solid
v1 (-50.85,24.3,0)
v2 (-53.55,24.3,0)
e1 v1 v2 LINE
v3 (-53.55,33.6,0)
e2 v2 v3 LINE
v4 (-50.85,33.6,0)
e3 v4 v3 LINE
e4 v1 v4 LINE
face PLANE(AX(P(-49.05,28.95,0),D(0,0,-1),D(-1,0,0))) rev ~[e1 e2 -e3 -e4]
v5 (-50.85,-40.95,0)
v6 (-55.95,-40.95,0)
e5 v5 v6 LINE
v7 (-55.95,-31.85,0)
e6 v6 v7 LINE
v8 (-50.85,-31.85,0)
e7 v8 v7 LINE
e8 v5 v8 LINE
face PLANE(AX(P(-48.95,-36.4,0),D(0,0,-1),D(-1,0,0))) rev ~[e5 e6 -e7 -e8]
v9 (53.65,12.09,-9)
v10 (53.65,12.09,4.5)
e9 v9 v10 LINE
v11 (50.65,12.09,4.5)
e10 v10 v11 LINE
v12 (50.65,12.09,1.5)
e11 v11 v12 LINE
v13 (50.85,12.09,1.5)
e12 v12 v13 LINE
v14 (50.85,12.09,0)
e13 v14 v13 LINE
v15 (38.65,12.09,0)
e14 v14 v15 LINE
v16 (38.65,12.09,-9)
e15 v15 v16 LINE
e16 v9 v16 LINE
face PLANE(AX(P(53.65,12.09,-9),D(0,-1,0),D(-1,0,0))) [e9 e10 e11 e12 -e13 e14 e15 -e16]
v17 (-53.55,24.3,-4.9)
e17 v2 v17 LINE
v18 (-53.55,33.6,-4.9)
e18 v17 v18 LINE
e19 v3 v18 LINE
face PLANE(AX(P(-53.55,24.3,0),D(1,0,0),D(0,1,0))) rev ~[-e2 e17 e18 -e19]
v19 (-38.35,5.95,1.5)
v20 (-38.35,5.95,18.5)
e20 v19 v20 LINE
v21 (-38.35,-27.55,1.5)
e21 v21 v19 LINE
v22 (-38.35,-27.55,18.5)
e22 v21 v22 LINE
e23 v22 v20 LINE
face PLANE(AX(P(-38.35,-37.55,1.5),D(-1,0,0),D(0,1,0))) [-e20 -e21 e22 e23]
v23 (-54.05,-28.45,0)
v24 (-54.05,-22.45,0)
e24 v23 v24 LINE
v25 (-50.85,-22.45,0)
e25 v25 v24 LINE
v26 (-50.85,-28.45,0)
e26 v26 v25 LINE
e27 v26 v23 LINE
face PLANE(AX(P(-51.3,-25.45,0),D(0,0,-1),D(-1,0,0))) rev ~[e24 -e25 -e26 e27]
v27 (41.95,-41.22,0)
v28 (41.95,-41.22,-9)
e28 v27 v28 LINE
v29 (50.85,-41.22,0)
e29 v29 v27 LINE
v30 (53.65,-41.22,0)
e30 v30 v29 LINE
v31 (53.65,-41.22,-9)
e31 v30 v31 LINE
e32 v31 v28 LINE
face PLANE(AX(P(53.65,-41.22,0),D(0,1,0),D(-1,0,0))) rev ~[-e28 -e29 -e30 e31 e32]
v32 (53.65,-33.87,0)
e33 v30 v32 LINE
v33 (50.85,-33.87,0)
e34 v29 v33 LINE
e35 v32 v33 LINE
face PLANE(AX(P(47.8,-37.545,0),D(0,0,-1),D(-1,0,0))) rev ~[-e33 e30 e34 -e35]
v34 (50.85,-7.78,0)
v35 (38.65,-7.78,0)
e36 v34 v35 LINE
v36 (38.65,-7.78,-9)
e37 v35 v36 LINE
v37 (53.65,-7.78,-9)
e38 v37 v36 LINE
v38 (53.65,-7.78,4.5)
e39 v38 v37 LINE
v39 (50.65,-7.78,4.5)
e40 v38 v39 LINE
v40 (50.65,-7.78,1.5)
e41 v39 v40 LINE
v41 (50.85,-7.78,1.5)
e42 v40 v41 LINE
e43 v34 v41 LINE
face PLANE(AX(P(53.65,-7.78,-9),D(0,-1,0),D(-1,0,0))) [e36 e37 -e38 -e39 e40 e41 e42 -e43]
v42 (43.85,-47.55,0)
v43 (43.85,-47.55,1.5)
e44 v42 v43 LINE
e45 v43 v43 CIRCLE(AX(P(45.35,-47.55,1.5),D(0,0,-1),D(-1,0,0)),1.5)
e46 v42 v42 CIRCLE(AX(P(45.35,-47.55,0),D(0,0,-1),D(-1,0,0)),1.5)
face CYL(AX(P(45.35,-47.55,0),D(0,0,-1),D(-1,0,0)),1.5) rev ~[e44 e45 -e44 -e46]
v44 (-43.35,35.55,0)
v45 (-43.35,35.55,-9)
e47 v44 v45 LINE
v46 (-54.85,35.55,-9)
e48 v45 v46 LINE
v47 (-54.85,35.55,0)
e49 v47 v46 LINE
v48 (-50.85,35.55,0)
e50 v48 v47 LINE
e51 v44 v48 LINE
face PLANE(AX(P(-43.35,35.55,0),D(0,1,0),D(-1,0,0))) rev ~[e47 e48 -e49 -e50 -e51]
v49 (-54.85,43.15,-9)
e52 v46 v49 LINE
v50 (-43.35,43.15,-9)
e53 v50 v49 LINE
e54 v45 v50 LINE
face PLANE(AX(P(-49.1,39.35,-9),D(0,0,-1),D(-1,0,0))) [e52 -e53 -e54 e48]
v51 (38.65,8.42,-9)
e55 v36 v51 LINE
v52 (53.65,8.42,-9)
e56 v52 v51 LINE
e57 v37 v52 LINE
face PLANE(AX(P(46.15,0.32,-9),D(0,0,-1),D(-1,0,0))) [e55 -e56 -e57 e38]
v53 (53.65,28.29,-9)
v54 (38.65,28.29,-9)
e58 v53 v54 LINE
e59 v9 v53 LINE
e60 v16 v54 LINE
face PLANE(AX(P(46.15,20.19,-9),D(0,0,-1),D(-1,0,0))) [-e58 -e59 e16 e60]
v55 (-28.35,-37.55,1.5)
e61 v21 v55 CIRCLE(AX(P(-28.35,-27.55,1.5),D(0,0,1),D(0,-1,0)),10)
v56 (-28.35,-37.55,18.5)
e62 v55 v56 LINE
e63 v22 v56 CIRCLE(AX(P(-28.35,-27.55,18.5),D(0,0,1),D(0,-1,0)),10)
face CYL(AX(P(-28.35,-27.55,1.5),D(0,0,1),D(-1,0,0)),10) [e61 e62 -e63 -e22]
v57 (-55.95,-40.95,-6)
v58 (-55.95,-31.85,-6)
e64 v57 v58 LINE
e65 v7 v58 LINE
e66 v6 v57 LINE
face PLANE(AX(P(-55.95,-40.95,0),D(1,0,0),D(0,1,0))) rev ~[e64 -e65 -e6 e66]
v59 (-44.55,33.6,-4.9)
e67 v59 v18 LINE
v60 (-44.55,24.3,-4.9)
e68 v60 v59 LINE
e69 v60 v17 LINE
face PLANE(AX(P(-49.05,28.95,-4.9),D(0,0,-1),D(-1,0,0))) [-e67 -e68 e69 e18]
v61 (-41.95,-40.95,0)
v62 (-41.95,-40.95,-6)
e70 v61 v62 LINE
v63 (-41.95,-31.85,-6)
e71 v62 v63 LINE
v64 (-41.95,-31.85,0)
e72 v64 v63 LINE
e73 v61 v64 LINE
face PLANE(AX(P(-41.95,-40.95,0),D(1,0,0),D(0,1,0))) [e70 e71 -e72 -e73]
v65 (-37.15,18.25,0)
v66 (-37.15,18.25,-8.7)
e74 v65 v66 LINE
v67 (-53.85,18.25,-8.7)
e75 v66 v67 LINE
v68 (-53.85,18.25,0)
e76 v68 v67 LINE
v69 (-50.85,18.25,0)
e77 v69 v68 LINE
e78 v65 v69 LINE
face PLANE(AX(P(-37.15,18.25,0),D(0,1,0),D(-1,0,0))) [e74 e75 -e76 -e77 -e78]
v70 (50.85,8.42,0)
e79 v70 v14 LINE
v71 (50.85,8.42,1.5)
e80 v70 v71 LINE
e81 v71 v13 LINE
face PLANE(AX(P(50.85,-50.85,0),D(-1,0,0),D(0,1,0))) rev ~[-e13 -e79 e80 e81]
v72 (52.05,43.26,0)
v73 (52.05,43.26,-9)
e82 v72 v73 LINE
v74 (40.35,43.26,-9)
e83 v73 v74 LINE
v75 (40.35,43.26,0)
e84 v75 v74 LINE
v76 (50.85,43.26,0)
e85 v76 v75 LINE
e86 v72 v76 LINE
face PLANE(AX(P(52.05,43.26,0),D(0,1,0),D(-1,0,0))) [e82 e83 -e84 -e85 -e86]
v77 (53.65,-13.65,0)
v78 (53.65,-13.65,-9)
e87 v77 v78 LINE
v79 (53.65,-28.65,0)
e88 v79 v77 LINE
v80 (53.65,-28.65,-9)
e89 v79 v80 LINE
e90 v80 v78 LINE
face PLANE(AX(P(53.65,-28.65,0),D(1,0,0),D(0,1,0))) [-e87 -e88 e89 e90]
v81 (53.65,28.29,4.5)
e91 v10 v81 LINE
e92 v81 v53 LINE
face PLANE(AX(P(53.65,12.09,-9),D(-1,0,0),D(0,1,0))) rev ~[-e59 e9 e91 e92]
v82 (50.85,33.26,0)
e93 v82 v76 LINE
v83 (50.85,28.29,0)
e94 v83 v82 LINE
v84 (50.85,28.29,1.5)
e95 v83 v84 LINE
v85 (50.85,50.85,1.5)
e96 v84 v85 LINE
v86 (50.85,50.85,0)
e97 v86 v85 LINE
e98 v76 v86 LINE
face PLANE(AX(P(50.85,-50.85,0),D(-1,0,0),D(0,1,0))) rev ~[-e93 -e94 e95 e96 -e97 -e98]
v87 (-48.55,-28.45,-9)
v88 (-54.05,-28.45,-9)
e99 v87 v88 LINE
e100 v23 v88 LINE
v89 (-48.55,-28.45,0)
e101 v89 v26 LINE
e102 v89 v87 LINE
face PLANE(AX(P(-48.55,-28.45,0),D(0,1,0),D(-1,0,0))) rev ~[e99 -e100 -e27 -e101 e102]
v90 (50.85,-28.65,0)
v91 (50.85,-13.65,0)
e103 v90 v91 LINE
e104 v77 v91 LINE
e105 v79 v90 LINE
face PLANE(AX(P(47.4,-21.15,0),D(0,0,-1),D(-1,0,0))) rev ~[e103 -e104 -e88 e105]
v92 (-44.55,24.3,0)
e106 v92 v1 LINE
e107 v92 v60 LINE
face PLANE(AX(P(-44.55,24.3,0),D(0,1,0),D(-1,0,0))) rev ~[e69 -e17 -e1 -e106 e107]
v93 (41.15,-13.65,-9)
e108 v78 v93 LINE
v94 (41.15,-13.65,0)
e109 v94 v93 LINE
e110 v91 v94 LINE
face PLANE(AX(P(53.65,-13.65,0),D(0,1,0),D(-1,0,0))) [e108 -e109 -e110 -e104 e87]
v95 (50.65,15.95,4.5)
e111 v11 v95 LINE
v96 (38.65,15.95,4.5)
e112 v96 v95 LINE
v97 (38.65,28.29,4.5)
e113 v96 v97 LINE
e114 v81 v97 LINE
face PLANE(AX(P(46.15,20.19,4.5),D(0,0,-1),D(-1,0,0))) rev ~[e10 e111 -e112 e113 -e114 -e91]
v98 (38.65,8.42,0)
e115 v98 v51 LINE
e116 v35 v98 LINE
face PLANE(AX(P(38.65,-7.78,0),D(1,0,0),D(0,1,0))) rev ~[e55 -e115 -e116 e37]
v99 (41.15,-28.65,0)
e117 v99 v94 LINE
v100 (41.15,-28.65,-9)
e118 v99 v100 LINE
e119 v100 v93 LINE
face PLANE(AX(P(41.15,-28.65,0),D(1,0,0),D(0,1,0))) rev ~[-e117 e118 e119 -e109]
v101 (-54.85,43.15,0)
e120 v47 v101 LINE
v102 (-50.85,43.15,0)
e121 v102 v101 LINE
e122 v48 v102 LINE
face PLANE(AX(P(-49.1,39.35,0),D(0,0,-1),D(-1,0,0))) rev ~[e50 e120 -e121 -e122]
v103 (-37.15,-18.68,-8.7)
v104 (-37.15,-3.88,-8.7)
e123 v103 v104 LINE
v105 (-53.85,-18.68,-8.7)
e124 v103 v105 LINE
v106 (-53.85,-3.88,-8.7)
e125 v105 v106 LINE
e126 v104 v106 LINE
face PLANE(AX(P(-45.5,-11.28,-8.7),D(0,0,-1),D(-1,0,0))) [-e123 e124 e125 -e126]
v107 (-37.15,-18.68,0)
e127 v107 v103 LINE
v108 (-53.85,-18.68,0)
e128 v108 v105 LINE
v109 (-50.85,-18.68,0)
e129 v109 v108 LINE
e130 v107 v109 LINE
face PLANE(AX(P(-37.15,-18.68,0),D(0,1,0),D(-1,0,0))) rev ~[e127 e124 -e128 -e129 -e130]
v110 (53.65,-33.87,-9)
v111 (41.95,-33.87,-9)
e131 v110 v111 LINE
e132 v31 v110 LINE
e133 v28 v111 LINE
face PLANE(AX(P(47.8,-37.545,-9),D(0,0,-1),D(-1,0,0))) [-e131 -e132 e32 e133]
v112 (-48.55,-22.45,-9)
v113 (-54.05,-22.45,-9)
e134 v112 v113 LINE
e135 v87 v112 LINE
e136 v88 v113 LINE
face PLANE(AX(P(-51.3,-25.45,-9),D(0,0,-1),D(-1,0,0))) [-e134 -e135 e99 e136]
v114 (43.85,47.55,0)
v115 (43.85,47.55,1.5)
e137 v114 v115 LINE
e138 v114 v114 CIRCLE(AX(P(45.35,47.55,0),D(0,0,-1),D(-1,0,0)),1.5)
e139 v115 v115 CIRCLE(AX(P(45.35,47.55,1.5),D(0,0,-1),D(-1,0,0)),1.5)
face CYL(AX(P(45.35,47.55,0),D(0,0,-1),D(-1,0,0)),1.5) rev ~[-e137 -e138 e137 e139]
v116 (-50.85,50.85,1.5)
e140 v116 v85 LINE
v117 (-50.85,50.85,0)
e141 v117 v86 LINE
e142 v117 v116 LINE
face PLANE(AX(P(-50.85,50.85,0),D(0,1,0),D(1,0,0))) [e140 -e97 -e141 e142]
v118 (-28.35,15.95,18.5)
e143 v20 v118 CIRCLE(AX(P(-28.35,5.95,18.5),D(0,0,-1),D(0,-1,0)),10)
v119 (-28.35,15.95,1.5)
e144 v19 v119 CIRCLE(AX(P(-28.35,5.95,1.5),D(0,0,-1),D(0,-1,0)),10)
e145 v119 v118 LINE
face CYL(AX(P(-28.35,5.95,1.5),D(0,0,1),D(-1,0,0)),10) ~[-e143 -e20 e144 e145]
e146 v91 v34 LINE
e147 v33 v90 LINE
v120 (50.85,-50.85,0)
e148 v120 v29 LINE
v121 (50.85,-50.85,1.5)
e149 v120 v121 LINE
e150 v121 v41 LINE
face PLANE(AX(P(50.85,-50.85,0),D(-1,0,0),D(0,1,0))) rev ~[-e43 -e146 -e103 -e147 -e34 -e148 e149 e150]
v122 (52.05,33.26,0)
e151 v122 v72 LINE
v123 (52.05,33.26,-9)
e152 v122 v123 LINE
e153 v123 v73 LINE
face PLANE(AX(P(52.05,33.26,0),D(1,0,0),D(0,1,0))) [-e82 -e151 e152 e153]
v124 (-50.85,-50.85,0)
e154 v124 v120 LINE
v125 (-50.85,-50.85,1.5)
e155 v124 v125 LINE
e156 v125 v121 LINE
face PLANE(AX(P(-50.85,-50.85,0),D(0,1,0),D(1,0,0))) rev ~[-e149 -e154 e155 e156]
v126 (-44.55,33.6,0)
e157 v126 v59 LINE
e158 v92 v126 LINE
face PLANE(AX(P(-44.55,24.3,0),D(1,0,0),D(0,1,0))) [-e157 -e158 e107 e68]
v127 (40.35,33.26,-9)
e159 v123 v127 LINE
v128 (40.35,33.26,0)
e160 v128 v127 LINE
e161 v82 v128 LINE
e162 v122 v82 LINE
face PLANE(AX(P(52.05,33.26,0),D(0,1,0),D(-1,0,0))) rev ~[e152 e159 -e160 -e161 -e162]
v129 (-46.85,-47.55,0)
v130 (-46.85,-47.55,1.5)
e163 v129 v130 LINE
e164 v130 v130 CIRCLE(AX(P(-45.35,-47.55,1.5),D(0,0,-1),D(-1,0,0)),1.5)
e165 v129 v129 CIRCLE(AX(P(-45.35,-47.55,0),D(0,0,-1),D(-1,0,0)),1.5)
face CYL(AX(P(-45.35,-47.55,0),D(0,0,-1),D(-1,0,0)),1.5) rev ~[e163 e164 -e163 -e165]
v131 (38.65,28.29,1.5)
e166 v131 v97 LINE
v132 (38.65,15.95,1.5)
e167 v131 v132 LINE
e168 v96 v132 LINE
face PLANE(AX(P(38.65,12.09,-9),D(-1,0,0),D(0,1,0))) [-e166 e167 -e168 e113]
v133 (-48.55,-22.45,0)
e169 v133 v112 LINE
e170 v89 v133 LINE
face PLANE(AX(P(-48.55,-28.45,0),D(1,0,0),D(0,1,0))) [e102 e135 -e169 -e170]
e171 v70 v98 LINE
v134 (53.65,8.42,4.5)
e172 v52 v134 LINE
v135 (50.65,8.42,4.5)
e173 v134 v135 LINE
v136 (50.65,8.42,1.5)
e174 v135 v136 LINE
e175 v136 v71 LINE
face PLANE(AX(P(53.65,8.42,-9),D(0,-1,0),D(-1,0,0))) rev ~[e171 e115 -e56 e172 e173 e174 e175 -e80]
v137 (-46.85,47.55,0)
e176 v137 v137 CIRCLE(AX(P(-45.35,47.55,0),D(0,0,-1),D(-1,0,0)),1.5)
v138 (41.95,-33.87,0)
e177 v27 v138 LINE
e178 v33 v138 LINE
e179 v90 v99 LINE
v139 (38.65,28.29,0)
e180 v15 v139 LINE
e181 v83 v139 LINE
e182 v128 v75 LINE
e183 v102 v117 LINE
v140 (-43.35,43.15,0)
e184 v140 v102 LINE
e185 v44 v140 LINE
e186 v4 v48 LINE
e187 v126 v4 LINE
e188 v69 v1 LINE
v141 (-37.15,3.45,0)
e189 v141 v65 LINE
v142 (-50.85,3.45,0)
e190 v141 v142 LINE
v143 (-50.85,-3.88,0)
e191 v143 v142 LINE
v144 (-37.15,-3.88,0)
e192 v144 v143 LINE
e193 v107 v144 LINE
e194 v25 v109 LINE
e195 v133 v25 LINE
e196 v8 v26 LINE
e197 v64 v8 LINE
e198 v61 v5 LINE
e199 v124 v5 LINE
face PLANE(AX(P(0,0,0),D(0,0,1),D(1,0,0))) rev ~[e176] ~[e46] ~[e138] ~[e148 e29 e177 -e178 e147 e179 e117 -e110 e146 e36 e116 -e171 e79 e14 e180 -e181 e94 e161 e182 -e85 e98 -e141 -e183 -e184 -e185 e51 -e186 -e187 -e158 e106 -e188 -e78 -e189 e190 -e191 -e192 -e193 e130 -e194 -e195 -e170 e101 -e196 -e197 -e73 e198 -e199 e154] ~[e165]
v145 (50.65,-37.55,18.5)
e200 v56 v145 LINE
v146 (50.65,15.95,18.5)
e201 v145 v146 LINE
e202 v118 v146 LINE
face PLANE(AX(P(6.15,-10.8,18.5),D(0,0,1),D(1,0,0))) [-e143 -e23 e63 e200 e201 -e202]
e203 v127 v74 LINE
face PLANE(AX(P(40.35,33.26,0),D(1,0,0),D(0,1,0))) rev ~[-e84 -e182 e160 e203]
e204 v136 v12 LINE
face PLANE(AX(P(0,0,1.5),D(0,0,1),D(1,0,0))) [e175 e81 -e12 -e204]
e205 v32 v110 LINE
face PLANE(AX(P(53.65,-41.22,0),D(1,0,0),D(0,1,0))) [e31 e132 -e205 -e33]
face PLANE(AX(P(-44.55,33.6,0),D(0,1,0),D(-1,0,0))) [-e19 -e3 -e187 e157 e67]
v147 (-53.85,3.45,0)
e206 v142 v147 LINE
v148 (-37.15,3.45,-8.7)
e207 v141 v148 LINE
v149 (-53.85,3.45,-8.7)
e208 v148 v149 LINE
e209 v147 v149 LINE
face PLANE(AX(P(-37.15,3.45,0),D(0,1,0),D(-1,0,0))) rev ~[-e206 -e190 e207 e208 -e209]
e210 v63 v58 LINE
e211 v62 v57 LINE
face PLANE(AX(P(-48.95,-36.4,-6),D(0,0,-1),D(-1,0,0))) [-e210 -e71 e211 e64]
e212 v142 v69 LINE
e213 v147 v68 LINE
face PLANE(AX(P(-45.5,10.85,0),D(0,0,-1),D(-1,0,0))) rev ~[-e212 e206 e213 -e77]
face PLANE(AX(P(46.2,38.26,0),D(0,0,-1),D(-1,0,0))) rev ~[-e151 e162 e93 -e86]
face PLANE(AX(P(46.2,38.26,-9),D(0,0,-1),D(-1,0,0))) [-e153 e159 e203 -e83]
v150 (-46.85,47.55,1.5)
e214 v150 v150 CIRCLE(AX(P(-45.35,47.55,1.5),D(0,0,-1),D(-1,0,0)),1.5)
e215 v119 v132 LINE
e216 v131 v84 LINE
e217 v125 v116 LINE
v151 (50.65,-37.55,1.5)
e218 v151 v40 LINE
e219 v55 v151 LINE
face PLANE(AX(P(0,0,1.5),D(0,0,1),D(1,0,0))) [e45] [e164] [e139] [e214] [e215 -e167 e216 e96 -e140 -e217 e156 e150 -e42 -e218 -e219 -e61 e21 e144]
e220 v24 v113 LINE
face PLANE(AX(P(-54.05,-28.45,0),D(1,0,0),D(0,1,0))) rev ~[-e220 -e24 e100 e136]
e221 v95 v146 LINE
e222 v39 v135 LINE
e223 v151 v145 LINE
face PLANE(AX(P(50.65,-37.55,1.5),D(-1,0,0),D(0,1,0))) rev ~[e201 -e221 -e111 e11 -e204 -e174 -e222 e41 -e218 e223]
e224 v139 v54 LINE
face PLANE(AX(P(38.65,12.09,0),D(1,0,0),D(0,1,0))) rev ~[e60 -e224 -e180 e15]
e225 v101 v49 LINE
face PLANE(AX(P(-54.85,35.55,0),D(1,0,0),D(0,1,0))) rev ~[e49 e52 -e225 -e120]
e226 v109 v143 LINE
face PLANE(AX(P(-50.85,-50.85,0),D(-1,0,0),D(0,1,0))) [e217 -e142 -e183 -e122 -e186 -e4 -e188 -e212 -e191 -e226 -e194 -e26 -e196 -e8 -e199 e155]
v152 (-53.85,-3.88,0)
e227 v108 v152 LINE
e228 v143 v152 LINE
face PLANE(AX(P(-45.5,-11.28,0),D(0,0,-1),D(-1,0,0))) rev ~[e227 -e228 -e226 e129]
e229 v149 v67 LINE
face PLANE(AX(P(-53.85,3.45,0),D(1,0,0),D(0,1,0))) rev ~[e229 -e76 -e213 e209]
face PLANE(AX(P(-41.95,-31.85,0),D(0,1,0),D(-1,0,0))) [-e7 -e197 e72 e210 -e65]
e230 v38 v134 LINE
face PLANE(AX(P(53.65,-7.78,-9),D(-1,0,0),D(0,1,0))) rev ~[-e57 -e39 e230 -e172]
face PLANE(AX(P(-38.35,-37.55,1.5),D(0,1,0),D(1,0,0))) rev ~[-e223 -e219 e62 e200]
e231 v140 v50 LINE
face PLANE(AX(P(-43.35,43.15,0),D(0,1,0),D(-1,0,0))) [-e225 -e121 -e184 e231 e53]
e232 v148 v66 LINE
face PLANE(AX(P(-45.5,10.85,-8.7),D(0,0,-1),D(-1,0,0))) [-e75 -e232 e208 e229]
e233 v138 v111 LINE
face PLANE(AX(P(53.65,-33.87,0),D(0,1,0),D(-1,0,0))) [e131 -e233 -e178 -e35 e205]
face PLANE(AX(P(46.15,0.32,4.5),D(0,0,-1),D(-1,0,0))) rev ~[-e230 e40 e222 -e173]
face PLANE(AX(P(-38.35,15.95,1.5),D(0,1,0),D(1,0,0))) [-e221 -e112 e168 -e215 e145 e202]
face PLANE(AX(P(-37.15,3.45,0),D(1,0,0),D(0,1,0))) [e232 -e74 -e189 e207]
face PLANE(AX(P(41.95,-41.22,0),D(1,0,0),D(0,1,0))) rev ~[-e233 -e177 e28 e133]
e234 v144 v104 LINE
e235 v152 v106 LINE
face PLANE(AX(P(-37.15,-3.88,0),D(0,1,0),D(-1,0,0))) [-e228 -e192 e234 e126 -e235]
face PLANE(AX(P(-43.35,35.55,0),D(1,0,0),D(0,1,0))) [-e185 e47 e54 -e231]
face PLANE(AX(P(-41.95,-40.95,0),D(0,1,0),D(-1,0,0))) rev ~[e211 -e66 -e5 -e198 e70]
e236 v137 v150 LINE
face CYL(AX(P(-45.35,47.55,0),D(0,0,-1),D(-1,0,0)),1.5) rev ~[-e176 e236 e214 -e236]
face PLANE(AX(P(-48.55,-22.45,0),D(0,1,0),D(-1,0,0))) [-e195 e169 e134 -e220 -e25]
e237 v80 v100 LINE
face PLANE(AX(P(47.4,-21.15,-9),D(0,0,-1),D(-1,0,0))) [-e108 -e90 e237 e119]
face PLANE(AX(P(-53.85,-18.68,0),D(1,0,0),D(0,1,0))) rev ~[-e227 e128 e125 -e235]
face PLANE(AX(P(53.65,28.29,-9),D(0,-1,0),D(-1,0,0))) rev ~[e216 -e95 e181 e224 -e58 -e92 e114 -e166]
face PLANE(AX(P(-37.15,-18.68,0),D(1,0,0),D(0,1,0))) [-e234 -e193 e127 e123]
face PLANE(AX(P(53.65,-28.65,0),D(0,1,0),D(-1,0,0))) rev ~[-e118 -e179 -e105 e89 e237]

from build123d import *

# Parameters (mm, degrees)
SKETCH_1_W          = 101.7
SKETCH_1_H          = 101.7
EXTRUDE_1_DEPTH     = 1.5
SKETCH_2_R          = 1.5
CUT_EXTRUDE_1_DEPTH = 2.5
SKETCH_3_W          = 11.5
SKETCH_3_H          = 7.6
SKETCH_3_W_2        = 9
SKETCH_3_H_2        = 9.3
SKETCH_3_W_3        = 16.7
SKETCH_3_H_3        = 14.8
SKETCH_3_W_4        = 5.5
SKETCH_3_H_4        = 6
SKETCH_3_W_5        = 14
SKETCH_3_H_5        = 9.1
SKETCH_3_W_6        = 11.7
SKETCH_3_H_6        = 10
SKETCH_3_W_7        = 15
SKETCH_3_H_7        = 16.2
SKETCH_3_W_8        = 12.5
SKETCH_3_H_8        = 15
SKETCH_3_H_9        = 7.35
EXTRUDE_2_DEPTH     = 9
SKETCH_4_W          = 9
SKETCH_4_H          = 9.3
CUT_EXTRUDE_2_DEPTH = 4.1
SKETCH_5_W          = 16.7
SKETCH_5_H          = 14.8
CUT_EXTRUDE_3_DEPTH = 0.3
SKETCH_7_W          = 14
SKETCH_7_H          = 9.1
CUT_EXTRUDE_4_DEPTH = 3
SKETCH_8_W          = 15
SKETCH_8_H          = 16.2
EXTRUDE_4_DEPTH     = 13.5
SKETCH_9_W          = 89
SKETCH_9_H          = 53.5
EXTRUDE_5_DEPTH     = 17
FILLET_1_R          = 10


with BuildPart() as part:
    # 草图1 → 凸台-拉伸1 (new body)
    with BuildSketch(Plane.XY):
        Rectangle(SKETCH_1_W, SKETCH_1_H)
    extrude(amount=EXTRUDE_1_DEPTH)

    # 草图2 → 切除-拉伸1 (cut, through all)
    with BuildSketch(Plane(origin=(0, 0, 0), x_dir=(-1, 0, 0), z_dir=(0, 0, -1))):
        with Locations((-45.35, -47.55)):
            Circle(SKETCH_2_R)
        with Locations((45.35, -47.55)):
            Circle(SKETCH_2_R)
        with Locations((45.35, 47.55)):
            Circle(SKETCH_2_R)
        with Locations((-45.35, 47.55)):
            Circle(SKETCH_2_R)
    extrude(amount=-CUT_EXTRUDE_1_DEPTH, mode=Mode.SUBTRACT)

    # 草图3 → 凸台-拉伸2 (add)
    with BuildSketch(Plane(origin=(0, 0, 0), x_dir=(-1, 0, 0), z_dir=(0, 0, -1))):
        with Locations((49.1, 39.35)):
            Rectangle(SKETCH_3_W, SKETCH_3_H)
        with Locations((49.05, 28.95)):
            Rectangle(SKETCH_3_W_2, SKETCH_3_H_2)
        with Locations((45.5, 10.85)):
            Rectangle(SKETCH_3_W_3, SKETCH_3_H_3)
        with Locations((45.5, -11.28)):
            Rectangle(SKETCH_3_W_3, SKETCH_3_H_3)
        with Locations((51.3, -25.45)):
            Rectangle(SKETCH_3_W_4, SKETCH_3_H_4)
        with Locations((48.95, -36.4)):
            Rectangle(SKETCH_3_W_5, SKETCH_3_H_5)
        with Locations((-46.2, 38.26)):
            Rectangle(SKETCH_3_W_6, SKETCH_3_H_6)
        with Locations((-46.15, 20.19)):
            Rectangle(SKETCH_3_W_7, SKETCH_3_H_7)
        with Locations((-46.15, 0.32)):
            Rectangle(SKETCH_3_W_7, SKETCH_3_H_7)
        with Locations((-47.4, -21.15)):
            Rectangle(SKETCH_3_W_8, SKETCH_3_H_8)
        with Locations((-47.8, -37.545)):
            Rectangle(SKETCH_3_W_6, SKETCH_3_H_9)
    extrude(amount=EXTRUDE_2_DEPTH)

    # 草图4 → 切除-拉伸2 (cut)
    with BuildSketch(Plane(origin=(0, 0, -9), x_dir=(-1, 0, 0), z_dir=(0, 0, -1))):
        with Locations((49.05, 28.95)):
            Rectangle(SKETCH_4_W, SKETCH_4_H)
    extrude(amount=-CUT_EXTRUDE_2_DEPTH, mode=Mode.SUBTRACT)

    # 草图5 → 切除-拉伸3 (cut)
    with BuildSketch(Plane(origin=(0, 0, -9), x_dir=(-1, 0, 0), z_dir=(0, 0, -1))):
        with Locations((45.5, 10.85)):
            Rectangle(SKETCH_5_W, SKETCH_5_H)
        with Locations((45.5, -11.28)):
            Rectangle(SKETCH_5_W, SKETCH_5_H)
    extrude(amount=-CUT_EXTRUDE_3_DEPTH, mode=Mode.SUBTRACT)

    # 草图7 → 切除-拉伸4 (cut)
    with BuildSketch(Plane(origin=(0, 0, -9), x_dir=(-1, 0, 0), z_dir=(0, 0, -1))):
        with Locations((48.95, -36.4)):
            Rectangle(SKETCH_7_W, SKETCH_7_H)
    extrude(amount=-CUT_EXTRUDE_4_DEPTH, mode=Mode.SUBTRACT)

    # 草图8 → 凸台-拉伸4 (add)
    with BuildSketch(Plane(origin=(0, 0, -9), x_dir=(-1, 0, 0), z_dir=(0, 0, -1))):
        with Locations((-46.15, 0.32)):
            Rectangle(SKETCH_8_W, SKETCH_8_H)
        with Locations((-46.15, 20.19)):
            Rectangle(SKETCH_8_W, SKETCH_8_H)
    extrude(amount=-EXTRUDE_4_DEPTH)

    # 草图9 → 凸台-拉伸5 (add)
    with BuildSketch(Plane.XY.offset(1.5)):
        with Locations((6.15, -10.8)):
            Rectangle(SKETCH_9_W, SKETCH_9_H)
    extrude(amount=EXTRUDE_5_DEPTH)

    # 圆角1
    fillet_1_edges = [part.edges().sort_by_distance(p)[0] for p in [
        (-38.35, 15.95, 10),
        (-38.35, -37.55, 10),
    ]]
    fillet(fillet_1_edges, radius=FILLET_1_R)


solid = part.part
